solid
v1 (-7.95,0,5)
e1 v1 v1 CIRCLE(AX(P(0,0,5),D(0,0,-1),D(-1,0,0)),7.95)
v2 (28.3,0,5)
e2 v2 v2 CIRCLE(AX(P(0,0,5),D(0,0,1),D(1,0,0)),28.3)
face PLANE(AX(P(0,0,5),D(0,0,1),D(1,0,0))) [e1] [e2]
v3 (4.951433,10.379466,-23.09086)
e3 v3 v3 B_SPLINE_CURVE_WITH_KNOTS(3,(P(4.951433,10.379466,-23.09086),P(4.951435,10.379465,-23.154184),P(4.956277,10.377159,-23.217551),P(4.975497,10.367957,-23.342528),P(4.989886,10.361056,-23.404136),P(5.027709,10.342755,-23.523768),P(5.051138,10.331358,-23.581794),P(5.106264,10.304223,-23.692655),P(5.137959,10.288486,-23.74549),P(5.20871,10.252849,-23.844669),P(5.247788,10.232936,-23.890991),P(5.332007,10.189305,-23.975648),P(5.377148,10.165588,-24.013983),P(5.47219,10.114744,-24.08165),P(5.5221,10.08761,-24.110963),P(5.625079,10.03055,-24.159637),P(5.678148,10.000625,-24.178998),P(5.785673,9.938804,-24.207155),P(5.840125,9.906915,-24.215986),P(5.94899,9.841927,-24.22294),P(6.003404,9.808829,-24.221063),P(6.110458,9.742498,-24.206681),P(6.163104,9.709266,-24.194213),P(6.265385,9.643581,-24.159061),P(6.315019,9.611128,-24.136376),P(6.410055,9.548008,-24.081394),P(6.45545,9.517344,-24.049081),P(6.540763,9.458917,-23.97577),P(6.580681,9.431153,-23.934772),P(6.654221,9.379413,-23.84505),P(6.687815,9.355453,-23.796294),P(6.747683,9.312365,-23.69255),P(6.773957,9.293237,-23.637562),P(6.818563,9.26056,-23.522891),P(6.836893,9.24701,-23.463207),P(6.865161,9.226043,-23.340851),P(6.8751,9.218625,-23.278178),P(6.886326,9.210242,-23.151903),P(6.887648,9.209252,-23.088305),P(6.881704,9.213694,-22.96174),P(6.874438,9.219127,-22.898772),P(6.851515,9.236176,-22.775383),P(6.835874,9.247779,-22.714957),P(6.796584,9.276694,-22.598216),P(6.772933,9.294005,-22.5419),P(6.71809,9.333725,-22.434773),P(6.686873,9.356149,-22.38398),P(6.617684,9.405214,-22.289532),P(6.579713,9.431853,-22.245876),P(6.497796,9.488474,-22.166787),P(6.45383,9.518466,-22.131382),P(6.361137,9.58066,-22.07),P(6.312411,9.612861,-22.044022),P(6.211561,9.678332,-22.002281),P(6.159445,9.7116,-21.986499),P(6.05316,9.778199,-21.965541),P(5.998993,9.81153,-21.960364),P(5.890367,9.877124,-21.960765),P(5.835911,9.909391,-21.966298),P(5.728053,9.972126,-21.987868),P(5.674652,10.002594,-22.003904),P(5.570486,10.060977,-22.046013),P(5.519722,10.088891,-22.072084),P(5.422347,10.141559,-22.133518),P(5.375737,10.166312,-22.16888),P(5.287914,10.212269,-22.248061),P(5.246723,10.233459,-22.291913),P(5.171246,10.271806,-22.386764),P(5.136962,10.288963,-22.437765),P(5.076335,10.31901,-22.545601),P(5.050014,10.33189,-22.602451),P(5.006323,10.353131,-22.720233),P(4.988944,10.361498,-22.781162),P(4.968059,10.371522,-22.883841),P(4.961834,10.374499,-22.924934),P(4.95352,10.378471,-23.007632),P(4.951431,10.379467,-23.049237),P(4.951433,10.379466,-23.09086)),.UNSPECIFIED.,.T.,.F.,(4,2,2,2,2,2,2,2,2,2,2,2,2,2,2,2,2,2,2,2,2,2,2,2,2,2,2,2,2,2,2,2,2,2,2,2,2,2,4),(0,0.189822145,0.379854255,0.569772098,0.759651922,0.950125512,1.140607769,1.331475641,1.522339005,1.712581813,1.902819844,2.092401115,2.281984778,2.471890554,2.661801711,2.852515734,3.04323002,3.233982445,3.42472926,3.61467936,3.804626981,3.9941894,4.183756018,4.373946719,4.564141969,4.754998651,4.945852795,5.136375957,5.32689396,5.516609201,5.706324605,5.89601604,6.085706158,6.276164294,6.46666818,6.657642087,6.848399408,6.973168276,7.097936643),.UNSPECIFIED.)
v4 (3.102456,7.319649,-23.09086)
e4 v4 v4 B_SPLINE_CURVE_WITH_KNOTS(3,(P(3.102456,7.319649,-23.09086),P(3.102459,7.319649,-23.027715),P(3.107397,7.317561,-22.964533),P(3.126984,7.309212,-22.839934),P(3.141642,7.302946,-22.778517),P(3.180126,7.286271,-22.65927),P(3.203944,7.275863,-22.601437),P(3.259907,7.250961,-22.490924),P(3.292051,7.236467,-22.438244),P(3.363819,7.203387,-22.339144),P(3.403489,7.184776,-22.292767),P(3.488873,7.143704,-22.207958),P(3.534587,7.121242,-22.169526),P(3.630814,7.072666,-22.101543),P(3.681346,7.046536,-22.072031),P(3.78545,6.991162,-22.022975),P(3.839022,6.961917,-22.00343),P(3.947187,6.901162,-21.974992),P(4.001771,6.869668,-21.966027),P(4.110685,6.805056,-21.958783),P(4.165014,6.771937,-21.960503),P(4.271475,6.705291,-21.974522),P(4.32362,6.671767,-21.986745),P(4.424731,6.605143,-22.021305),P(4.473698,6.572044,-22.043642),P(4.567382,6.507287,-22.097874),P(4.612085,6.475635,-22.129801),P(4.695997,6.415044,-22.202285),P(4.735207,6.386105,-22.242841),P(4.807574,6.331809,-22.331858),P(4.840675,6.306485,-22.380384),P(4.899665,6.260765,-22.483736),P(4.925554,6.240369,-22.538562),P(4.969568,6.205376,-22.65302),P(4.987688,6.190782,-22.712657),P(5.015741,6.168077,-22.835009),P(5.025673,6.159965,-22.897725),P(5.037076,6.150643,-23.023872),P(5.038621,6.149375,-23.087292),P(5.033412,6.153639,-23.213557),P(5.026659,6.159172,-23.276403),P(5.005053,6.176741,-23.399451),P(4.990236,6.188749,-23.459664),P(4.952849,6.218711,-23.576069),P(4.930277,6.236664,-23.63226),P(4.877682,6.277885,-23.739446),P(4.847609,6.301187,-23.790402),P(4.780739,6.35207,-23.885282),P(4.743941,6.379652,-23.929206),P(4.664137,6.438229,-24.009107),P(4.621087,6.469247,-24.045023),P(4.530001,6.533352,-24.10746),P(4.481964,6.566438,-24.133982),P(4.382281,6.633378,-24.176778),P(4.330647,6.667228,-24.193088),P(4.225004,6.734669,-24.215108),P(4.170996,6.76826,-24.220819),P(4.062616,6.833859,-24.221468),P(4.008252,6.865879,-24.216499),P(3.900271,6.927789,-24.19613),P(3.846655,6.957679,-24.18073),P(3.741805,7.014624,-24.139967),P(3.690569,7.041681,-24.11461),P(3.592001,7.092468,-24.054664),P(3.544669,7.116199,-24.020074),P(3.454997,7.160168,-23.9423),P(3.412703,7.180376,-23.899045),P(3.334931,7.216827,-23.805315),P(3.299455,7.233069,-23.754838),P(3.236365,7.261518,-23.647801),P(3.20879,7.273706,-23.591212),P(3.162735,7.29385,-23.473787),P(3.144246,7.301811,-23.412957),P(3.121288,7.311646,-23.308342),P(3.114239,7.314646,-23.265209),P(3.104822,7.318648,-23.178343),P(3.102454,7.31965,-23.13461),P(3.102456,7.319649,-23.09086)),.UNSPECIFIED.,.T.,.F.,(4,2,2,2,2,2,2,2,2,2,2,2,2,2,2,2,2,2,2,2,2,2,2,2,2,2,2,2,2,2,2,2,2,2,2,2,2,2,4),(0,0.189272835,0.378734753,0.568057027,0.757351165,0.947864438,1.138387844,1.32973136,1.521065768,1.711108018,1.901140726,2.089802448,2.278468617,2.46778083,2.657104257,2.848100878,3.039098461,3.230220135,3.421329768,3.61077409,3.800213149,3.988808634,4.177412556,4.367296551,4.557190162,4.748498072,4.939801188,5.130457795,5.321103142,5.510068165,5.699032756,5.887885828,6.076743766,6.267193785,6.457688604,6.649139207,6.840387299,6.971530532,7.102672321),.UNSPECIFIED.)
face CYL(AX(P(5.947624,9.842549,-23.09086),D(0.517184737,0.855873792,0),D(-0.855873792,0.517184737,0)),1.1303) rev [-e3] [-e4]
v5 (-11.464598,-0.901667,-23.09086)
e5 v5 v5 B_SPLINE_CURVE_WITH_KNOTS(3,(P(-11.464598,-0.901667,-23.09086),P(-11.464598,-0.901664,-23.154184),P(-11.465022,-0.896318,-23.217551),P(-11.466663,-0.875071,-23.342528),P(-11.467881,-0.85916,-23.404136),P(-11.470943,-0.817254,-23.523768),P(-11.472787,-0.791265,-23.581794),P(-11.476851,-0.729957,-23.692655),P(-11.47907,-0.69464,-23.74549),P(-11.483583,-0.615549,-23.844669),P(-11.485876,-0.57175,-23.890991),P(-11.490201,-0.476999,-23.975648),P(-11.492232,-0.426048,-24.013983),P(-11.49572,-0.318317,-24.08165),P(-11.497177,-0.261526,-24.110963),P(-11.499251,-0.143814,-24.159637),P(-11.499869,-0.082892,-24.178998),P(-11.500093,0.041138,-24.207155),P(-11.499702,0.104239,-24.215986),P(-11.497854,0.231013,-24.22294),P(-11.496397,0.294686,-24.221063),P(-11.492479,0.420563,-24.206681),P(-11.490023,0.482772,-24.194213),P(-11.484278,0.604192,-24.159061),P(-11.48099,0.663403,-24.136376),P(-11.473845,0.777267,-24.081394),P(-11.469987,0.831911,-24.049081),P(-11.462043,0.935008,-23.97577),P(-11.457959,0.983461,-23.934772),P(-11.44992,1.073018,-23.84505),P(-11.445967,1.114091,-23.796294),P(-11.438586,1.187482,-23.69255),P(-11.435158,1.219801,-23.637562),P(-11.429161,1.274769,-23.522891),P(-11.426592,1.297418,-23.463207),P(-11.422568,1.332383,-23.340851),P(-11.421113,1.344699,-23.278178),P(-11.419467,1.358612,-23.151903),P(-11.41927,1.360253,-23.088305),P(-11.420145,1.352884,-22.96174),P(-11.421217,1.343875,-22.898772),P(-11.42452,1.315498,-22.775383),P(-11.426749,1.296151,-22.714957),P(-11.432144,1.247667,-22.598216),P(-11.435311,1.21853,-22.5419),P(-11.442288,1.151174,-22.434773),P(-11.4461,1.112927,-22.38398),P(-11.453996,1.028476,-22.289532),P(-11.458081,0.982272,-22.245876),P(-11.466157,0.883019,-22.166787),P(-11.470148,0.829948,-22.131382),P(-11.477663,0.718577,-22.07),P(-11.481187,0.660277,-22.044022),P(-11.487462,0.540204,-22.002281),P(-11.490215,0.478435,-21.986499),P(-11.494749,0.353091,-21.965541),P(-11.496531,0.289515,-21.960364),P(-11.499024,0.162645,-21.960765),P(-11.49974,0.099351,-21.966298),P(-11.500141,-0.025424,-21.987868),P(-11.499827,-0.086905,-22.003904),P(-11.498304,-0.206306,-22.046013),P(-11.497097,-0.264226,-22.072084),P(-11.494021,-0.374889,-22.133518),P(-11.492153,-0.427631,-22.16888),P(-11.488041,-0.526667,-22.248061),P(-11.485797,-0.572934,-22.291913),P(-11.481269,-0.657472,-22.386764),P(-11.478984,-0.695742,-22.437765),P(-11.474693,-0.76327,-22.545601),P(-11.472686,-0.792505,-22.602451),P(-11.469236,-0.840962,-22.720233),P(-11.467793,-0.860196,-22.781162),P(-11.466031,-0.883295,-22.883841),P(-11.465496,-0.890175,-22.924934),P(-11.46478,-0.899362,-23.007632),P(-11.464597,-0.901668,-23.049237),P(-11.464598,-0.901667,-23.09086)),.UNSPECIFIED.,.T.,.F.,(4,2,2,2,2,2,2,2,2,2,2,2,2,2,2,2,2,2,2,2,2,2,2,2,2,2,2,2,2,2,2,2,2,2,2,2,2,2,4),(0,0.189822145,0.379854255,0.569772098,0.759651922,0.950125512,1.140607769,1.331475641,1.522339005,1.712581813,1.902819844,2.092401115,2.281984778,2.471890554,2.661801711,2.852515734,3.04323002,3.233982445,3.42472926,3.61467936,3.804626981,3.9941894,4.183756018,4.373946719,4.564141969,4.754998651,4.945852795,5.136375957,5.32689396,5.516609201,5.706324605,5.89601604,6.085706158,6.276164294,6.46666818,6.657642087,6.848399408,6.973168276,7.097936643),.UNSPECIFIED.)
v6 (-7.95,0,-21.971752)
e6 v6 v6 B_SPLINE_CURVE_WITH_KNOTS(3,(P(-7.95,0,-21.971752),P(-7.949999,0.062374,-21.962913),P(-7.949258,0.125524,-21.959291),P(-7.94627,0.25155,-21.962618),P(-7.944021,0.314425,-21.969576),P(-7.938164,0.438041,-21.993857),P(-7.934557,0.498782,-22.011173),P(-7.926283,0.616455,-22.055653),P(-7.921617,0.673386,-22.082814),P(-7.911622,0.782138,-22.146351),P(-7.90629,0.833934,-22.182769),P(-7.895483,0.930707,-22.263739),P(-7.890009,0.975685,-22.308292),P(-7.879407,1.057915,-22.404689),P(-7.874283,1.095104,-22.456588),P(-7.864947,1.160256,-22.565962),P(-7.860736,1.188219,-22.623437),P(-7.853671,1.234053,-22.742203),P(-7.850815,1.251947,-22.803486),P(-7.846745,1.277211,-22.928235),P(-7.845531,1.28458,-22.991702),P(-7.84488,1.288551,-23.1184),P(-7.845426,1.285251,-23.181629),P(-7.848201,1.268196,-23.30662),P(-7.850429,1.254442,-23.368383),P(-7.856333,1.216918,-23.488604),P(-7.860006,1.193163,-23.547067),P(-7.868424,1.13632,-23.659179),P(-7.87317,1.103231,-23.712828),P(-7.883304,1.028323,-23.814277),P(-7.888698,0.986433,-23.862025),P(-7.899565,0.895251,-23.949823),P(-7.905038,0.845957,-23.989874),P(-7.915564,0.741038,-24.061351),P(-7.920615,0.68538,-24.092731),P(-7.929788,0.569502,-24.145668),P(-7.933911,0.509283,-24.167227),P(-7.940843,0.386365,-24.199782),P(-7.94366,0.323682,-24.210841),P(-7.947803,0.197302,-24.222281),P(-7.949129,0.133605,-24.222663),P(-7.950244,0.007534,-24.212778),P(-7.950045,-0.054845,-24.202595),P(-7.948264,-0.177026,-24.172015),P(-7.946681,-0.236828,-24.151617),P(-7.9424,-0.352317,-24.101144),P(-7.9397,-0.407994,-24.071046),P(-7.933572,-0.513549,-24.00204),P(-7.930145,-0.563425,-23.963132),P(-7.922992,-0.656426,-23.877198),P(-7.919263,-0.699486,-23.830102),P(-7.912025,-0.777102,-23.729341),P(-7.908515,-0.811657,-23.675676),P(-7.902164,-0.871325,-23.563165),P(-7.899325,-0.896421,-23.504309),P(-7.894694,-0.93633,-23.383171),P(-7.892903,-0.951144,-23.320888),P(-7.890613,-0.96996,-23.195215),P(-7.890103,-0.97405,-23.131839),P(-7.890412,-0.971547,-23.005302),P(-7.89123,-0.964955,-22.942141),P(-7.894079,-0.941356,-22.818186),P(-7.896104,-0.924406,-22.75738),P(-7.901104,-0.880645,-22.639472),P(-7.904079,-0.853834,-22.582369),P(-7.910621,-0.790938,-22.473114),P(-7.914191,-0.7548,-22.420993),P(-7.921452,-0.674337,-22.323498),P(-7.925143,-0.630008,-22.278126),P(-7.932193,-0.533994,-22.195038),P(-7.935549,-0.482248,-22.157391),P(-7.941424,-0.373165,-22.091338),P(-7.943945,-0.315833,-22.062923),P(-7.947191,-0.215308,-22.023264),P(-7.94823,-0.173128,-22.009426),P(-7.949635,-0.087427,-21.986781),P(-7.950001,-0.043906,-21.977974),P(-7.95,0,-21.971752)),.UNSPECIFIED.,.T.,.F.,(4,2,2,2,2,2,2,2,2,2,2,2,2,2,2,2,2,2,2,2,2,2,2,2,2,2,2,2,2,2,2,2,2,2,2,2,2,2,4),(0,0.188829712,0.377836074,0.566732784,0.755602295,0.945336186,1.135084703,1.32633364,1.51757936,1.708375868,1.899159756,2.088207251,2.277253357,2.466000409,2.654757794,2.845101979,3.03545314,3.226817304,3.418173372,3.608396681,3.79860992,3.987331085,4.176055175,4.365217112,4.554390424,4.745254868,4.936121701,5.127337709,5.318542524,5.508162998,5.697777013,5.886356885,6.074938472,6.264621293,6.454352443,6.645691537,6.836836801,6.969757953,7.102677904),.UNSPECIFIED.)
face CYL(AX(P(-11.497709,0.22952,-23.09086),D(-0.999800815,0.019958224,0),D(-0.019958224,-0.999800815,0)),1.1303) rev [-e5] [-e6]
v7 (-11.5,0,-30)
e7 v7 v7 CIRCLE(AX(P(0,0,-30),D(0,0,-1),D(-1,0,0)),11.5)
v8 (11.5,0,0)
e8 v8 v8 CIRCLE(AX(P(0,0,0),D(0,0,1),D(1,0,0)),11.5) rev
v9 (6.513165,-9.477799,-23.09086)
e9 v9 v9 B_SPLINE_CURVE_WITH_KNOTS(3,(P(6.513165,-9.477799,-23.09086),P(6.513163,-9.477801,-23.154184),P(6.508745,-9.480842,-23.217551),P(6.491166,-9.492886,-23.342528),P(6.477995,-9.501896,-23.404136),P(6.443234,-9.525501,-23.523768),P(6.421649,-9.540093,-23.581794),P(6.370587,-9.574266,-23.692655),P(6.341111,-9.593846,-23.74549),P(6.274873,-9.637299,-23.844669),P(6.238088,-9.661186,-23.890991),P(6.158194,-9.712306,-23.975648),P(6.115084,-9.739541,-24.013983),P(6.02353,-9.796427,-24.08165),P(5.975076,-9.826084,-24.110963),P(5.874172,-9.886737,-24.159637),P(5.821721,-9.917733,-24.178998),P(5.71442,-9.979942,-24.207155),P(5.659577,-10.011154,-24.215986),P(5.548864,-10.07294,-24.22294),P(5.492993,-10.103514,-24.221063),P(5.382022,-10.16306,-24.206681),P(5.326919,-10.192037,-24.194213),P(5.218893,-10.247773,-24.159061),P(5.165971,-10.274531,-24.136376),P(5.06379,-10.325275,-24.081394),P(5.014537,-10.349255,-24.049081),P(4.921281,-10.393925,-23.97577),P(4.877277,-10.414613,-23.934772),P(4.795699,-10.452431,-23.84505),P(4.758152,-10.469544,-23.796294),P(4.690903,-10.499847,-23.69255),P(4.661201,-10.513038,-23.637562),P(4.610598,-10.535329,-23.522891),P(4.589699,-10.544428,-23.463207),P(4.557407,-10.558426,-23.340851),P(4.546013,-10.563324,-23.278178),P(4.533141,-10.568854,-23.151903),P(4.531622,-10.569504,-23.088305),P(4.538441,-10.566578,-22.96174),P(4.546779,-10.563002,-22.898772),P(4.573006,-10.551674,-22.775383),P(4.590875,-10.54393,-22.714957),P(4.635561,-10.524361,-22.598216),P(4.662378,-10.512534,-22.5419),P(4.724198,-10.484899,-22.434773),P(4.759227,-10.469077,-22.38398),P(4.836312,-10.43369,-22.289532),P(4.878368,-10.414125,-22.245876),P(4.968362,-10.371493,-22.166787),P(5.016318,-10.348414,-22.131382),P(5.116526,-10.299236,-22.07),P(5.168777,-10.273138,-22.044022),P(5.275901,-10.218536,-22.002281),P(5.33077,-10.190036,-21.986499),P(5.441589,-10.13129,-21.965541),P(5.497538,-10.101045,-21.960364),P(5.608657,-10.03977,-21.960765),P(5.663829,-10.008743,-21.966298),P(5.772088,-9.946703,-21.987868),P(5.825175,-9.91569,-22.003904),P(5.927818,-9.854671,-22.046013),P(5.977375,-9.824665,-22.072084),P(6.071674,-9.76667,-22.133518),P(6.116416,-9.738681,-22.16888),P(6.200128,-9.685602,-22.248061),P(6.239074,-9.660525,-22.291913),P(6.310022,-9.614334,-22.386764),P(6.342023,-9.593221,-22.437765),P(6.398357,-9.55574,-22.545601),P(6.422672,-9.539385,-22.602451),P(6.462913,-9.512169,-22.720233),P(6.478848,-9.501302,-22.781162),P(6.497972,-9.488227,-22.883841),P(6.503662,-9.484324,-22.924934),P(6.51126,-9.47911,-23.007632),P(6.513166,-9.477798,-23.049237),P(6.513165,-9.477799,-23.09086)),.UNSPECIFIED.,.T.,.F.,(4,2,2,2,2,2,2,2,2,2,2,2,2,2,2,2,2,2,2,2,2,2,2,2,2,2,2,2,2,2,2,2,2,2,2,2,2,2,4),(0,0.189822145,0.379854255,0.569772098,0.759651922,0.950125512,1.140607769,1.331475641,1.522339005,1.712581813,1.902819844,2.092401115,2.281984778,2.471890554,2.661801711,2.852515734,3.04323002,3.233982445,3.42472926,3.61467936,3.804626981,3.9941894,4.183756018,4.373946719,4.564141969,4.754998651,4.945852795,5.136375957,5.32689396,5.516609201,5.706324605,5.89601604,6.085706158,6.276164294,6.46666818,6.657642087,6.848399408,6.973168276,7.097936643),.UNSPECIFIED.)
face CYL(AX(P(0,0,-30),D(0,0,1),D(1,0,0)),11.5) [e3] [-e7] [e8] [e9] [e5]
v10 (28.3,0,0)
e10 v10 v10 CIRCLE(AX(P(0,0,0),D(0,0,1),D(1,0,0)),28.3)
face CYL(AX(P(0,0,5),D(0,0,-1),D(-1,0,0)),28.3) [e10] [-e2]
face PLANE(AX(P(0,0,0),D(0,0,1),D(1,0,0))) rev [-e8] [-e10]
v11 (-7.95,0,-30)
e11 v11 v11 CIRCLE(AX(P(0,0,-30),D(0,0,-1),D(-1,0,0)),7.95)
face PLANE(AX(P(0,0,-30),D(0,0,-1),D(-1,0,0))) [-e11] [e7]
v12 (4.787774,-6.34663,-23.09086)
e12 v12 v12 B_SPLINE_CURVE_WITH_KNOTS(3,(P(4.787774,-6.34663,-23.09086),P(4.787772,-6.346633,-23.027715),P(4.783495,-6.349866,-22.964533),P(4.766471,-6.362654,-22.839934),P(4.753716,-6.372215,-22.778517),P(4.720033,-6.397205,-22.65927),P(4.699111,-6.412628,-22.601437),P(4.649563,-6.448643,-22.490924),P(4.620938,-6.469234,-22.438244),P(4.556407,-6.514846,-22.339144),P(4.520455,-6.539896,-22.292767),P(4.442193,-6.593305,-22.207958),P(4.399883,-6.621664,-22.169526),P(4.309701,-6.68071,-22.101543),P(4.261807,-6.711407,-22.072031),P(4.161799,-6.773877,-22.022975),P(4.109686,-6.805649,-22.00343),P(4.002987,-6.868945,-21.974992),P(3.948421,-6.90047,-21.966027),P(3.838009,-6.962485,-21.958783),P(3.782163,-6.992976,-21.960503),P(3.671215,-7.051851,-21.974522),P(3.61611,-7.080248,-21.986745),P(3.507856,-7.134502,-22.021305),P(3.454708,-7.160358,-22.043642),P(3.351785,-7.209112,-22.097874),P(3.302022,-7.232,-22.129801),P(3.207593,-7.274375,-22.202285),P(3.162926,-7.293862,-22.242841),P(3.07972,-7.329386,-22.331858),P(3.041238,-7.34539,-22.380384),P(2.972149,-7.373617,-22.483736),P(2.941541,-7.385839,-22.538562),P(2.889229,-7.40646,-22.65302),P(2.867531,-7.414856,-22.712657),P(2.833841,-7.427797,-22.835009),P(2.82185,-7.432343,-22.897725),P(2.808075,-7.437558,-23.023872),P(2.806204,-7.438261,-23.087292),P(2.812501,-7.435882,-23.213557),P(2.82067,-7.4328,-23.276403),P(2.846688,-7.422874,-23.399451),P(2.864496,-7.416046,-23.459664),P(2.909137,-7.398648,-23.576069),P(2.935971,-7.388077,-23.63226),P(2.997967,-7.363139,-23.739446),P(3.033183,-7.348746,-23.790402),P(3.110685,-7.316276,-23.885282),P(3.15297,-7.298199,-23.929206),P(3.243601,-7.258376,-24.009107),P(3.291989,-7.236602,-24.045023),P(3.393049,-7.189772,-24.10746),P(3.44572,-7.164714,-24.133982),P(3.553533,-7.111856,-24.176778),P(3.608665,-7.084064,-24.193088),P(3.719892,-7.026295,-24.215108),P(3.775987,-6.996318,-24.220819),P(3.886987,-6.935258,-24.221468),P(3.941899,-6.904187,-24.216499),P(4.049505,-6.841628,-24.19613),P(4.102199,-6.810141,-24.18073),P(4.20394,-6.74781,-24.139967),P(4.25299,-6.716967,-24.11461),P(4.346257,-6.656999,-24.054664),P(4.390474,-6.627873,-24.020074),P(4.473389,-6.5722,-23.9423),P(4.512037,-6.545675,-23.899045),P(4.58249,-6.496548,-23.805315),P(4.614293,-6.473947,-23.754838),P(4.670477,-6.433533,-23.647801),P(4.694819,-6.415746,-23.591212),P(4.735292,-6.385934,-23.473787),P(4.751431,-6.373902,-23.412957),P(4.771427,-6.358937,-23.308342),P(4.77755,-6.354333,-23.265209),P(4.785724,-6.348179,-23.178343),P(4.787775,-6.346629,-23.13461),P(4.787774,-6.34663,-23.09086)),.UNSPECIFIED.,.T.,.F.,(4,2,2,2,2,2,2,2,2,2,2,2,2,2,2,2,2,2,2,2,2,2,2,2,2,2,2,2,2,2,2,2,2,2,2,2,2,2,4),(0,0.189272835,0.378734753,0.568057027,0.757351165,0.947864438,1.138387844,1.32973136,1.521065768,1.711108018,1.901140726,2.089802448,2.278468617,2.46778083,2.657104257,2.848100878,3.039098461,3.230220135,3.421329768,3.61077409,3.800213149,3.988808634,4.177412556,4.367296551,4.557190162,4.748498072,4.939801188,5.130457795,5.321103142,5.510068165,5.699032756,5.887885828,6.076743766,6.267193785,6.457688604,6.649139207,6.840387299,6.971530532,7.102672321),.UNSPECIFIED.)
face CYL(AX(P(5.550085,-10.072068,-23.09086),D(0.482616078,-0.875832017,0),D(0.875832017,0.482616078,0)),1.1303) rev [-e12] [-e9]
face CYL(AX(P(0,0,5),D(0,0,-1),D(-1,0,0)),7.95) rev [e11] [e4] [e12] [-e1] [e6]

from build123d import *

# Parameters (mm, degrees)
SKETCH1_R                  = 28.3
BOSS_EXTRUDE1_DEPTH        = 5
SKETCH4_R                  = 11.5
BOSS_EXTRUDE2_DEPTH        = 30
SKETCH10_R                 = 7.95
CUT_EXTRUDE4_DEPTH         = 36
F_4_40_TAPPED_HOLE2_REACH  = 42.359
F_4_40_TAPPED_HOLE2_BORE_R = 1.1303
CIRPATTERN3_COUNT          = 3


with BuildPart() as part:
    # Sketch1 → Boss-Extrude1 (new body)
    with BuildSketch(Plane.XY):
        Circle(SKETCH1_R)
    extrude(amount=BOSS_EXTRUDE1_DEPTH)

    # Sketch4 → Boss-Extrude2 (add)
    with BuildSketch(Plane(origin=(0, 0, 0), x_dir=(-1, 0, 0), z_dir=(0, 0, -1))):
        with Locations(Location((0, 0, 0), (0, 0, 180))):  # turned: the seam where the file's is
            Circle(SKETCH4_R)
    extrude(amount=BOSS_EXTRUDE2_DEPTH)

    # Sketch10 → Cut-Extrude4 (cut, through all)
    with BuildSketch(Plane(origin=(0, 0, -30), x_dir=(-1, 0, 0), z_dir=(0, 0, -1))):
        Circle(SKETCH10_R)
    extrude(amount=-CUT_EXTRUDE4_DEPTH, mode=Mode.SUBTRACT)

    # #4-40 Tapped Hole2 bore (on position points) → #4-40 Tapped Hole2 (cut, up to next)
    with BuildSketch(Plane(origin=(-11.49770937, 0.22951958, -23.090859569), x_dir=(-0.019958224, -0.999800815, 0), z_dir=(-0.999800815, 0.019958224, 0)), mode=Mode.PRIVATE) as f_4_40_tapped_hole2_sk1:
        Circle(F_4_40_TAPPED_HOLE2_BORE_R)
    f_4_40_tapped_hole2_tool1 = extrude(f_4_40_tapped_hole2_sk1.sketch, amount=-F_4_40_TAPPED_HOLE2_REACH, mode=Mode.PRIVATE) & part.part
    f_4_40_tapped_hole2 = f_4_40_tapped_hole2_tool1.solids().sort_by_distance((-11.497709, 0.22952, -23.09086))[0]
    add(f_4_40_tapped_hole2, mode=Mode.SUBTRACT)

    # CirPattern3: #4-40 Tapped Hole2 ×3 about axis
    cirpattern3_axis = Axis((0, 0, -30), (0, 0, 1))
    for i in range(1, CIRPATTERN3_COUNT):
        add(f_4_40_tapped_hole2.rotate(cirpattern3_axis, i * 360 / CIRPATTERN3_COUNT), mode=Mode.SUBTRACT)


solid = part.part
